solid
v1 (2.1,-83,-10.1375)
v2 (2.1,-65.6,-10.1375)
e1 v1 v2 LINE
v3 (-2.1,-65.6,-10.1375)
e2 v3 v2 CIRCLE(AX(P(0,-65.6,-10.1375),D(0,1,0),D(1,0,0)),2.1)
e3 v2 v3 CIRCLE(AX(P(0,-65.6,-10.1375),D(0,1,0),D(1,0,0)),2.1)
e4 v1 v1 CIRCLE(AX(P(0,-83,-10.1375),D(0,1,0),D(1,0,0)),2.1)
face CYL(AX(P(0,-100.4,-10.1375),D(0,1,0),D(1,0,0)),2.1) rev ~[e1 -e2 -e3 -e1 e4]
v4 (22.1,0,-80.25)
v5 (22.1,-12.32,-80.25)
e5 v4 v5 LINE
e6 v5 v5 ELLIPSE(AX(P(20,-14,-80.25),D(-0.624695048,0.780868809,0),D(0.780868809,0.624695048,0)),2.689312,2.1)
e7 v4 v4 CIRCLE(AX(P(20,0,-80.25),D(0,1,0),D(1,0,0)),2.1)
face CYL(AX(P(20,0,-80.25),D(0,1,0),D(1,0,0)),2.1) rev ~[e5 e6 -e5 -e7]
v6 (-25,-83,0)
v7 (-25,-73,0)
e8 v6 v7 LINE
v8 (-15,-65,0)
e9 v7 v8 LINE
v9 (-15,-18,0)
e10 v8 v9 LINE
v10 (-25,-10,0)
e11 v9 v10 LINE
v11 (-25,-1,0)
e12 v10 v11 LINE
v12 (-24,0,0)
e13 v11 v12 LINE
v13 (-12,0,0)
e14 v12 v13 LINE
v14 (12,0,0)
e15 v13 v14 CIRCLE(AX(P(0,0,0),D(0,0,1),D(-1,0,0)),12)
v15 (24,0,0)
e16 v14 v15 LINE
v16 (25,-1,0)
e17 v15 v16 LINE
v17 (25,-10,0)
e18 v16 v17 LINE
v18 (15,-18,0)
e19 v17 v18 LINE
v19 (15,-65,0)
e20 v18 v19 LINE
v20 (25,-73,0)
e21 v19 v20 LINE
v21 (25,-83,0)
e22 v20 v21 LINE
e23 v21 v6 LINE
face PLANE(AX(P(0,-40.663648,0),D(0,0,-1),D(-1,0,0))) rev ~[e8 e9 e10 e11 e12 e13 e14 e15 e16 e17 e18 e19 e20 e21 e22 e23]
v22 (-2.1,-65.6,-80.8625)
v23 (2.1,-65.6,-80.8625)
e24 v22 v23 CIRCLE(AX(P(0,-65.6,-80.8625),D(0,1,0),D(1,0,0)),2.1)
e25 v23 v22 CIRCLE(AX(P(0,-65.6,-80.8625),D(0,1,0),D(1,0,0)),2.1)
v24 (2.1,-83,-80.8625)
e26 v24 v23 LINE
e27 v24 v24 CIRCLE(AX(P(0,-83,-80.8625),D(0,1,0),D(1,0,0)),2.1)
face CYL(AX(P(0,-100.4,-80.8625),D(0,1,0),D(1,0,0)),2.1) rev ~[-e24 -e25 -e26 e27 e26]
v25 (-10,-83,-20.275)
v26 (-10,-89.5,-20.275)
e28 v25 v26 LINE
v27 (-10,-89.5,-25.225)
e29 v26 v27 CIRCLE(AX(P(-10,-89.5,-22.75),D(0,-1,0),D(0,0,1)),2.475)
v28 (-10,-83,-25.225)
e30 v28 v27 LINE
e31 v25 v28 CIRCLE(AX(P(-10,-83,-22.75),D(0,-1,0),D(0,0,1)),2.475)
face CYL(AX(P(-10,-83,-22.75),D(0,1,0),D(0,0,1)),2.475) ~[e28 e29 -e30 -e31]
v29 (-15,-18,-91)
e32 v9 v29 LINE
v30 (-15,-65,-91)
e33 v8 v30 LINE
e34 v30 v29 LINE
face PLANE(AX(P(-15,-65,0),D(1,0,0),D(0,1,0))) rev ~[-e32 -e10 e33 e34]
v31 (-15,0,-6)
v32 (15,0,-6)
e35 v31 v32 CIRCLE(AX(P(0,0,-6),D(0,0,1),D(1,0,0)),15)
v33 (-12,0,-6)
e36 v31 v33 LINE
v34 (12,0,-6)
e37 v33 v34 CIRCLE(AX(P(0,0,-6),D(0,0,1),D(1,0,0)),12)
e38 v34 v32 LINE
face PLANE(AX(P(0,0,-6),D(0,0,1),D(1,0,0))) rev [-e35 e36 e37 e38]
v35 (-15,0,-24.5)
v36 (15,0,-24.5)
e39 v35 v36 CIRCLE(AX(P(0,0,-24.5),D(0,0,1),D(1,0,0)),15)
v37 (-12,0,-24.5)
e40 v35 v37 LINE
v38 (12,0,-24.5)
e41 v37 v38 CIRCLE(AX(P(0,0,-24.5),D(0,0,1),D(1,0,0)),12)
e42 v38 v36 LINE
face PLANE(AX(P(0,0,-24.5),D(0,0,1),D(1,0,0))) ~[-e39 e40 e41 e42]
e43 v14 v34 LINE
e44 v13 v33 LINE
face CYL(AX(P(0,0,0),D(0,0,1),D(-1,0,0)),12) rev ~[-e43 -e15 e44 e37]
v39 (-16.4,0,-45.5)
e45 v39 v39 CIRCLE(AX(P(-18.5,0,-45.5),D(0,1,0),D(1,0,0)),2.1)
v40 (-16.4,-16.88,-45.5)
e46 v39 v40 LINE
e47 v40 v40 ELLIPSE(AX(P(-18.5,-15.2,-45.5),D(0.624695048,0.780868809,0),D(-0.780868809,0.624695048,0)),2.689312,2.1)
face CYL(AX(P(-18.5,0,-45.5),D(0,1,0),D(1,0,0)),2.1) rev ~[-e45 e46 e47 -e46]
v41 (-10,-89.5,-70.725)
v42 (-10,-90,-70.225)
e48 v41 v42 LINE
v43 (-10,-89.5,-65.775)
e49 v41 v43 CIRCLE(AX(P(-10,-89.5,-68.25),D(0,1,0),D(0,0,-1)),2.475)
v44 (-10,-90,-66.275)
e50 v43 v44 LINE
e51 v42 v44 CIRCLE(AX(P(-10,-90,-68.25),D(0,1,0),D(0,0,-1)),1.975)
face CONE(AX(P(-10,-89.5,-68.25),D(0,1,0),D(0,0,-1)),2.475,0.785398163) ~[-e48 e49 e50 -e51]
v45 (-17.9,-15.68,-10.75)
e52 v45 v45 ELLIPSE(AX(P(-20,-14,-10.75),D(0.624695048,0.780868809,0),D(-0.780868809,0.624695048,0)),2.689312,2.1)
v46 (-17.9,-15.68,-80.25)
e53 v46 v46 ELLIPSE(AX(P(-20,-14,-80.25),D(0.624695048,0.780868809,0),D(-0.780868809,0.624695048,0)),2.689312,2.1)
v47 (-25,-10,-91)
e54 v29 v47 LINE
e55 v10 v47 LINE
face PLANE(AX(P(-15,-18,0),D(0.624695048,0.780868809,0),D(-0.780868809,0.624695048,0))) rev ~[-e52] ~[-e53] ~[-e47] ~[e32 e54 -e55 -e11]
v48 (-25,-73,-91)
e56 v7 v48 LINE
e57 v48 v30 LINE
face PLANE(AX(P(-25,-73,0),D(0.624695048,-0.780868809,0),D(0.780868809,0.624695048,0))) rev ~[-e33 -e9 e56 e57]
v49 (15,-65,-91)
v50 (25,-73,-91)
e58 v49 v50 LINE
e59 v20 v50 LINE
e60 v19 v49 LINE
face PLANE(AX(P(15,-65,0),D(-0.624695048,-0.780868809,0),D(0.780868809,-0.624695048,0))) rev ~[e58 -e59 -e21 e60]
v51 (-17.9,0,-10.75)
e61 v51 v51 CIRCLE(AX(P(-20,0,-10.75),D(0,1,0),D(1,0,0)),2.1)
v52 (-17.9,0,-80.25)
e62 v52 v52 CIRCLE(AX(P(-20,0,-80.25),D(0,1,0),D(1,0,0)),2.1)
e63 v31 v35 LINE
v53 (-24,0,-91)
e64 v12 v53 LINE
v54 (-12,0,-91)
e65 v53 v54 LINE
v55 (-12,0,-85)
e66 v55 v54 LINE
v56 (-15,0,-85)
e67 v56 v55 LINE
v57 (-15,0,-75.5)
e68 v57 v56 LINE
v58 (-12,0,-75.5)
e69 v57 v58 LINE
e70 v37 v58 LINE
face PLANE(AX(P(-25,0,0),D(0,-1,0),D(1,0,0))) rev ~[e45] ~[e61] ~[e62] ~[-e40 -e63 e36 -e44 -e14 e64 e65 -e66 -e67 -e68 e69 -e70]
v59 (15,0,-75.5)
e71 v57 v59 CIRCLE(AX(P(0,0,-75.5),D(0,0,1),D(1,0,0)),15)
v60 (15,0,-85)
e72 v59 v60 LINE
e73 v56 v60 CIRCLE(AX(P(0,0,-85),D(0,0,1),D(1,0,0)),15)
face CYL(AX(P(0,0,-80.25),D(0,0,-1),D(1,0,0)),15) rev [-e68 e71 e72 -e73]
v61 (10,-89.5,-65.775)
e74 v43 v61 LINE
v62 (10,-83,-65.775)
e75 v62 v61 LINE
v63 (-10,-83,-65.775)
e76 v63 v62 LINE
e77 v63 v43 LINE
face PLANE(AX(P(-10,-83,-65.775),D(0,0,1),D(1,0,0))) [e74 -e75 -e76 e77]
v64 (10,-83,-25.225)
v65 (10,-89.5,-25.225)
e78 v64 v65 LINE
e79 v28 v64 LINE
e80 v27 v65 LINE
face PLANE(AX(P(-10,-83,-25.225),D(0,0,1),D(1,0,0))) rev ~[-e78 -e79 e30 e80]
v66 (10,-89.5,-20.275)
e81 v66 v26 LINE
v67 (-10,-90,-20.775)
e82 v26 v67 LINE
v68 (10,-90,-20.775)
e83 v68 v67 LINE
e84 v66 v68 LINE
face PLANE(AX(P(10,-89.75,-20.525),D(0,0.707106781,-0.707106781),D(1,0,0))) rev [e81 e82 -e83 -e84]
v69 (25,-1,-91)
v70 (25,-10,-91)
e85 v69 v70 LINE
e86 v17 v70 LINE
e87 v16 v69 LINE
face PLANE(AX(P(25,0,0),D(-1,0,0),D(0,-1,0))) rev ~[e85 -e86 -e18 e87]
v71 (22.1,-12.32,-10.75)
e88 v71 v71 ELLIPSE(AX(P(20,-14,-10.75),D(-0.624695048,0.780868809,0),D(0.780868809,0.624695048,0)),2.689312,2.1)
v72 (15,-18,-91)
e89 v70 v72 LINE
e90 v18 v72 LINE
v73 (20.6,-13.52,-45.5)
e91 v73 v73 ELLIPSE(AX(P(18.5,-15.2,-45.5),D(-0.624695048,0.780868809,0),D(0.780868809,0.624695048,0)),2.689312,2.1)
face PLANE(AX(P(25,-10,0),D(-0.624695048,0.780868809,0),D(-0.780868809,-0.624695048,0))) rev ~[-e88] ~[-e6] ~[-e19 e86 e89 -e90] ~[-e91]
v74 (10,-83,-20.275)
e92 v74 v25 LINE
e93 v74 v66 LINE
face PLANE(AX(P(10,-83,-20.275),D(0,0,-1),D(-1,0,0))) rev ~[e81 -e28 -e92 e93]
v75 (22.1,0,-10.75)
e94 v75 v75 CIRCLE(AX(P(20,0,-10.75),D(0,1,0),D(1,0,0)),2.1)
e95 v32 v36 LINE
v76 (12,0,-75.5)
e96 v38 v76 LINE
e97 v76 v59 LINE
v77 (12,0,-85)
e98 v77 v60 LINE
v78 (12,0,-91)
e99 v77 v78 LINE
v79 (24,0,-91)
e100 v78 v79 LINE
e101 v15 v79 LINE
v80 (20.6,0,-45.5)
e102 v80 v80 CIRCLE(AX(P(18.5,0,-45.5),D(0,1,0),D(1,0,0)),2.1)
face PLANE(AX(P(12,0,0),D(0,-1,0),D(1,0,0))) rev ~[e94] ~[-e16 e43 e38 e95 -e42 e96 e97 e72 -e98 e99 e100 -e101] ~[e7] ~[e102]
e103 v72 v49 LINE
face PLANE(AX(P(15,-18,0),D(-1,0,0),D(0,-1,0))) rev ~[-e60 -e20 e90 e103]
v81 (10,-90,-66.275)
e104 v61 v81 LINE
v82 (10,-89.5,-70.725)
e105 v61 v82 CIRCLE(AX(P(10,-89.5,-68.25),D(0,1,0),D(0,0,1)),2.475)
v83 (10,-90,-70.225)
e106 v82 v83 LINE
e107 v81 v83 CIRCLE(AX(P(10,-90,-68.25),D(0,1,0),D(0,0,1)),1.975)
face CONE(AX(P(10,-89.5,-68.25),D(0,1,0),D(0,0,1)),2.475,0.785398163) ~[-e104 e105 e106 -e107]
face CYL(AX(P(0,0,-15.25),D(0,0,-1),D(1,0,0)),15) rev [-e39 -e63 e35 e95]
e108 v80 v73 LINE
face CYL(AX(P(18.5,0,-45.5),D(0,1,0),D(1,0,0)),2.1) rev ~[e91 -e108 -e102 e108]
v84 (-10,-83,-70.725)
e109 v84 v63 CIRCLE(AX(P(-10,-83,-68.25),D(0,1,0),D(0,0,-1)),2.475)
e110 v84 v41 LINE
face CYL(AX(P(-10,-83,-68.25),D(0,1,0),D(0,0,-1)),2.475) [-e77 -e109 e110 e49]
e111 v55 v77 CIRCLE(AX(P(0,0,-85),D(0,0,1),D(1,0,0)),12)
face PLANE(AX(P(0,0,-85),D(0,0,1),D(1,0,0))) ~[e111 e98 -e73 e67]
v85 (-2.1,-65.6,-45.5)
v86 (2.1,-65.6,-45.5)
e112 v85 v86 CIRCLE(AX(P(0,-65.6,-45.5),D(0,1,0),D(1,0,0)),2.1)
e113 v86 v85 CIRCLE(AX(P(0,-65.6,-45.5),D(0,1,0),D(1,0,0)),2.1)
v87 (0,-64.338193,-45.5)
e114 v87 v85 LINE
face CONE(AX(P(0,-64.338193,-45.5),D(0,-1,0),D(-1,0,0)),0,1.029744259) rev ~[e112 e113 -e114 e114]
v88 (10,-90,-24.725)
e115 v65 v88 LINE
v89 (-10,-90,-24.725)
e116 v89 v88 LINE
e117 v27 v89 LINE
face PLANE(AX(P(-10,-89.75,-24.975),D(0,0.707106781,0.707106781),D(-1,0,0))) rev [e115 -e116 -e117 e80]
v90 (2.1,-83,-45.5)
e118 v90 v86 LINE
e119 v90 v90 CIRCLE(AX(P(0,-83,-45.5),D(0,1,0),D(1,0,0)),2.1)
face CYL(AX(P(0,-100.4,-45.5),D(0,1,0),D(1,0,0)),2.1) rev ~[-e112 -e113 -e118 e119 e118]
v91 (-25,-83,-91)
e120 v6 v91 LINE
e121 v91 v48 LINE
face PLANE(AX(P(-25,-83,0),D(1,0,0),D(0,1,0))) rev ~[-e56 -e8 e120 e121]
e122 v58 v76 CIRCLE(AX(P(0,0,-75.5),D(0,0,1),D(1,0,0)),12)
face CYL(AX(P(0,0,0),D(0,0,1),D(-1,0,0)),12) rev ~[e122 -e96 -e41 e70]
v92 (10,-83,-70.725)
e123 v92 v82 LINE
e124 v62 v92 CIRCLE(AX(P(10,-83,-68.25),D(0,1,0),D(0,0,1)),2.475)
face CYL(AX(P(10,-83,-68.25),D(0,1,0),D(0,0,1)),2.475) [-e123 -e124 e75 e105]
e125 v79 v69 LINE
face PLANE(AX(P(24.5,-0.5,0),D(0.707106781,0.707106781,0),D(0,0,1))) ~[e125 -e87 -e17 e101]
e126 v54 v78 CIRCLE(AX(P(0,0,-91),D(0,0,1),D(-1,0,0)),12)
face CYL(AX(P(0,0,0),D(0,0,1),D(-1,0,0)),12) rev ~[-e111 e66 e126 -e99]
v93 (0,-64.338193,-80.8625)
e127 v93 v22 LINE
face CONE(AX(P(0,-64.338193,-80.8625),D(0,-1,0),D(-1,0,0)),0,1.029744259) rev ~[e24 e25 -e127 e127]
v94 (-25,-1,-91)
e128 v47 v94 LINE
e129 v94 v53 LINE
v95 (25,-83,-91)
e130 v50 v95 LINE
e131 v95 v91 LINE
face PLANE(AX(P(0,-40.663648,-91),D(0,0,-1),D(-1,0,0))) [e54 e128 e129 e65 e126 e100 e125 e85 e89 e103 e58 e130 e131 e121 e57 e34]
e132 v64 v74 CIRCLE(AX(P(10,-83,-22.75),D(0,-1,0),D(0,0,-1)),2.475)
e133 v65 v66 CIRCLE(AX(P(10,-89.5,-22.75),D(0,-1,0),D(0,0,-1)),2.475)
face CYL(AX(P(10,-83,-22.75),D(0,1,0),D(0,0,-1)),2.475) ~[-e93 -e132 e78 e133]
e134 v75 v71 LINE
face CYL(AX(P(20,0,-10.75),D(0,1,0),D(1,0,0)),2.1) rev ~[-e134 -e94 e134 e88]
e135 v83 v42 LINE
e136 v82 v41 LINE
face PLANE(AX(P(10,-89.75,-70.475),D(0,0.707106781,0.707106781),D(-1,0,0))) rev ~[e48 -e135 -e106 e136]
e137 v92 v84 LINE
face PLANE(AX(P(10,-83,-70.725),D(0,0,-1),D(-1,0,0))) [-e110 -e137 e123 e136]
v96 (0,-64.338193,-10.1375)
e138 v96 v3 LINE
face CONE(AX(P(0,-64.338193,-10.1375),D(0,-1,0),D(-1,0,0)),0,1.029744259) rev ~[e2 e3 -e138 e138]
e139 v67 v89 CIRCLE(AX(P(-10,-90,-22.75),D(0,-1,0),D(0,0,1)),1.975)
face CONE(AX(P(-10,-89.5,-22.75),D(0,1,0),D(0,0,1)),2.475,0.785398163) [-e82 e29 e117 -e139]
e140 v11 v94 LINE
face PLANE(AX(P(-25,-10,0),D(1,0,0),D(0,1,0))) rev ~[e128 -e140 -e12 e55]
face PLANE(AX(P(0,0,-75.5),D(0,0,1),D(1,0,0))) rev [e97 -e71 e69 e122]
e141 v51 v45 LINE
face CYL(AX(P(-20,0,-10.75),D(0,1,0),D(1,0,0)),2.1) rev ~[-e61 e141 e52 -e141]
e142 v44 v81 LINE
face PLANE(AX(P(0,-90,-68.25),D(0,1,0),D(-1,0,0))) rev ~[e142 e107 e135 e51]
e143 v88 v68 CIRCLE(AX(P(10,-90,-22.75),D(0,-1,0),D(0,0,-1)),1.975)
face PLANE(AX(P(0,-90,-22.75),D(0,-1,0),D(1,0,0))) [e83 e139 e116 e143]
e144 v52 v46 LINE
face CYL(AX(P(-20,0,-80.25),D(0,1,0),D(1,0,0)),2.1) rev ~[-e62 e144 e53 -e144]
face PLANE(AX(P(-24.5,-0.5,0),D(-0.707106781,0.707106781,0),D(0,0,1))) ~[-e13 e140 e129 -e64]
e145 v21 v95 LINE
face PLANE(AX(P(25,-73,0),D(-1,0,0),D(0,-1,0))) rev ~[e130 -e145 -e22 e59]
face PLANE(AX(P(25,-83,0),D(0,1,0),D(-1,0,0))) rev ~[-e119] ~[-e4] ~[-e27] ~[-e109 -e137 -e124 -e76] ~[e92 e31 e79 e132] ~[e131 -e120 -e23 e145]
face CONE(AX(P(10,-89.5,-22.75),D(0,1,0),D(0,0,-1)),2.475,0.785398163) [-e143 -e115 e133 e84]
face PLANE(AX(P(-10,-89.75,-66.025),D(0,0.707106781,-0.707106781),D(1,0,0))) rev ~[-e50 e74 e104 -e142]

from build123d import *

# Parameters (mm, degrees)
BOSS_EXTRUDE1_DEPTH = 91
SKETCH8_W           = 3
SKETCH8_H           = 9.5
SKETCH8_H_2         = 18.5
M5X0_81_REACH       = 127.678
M5X0_81_BORE_R      = 2.1
BOSS_EXTRUDE2_DEPTH = 7
CHAMFER1_SIZE       = 0.5
CHAMFER_1_SIZE      = 1
M5X0_82_D           = 4.2
M5X0_82_DEPTH       = 17.4
M5X0_82_TIP         = 1.2618073


with BuildPart() as part:
    # Sketch1 → Boss-Extrude1 (new body)
    with BuildSketch(Plane.XY):
        with BuildLine():
            Line((12, 0), (25, 0))
            Line((25, 0), (25, -10))
            Line((25, -10), (15, -18))
            Line((15, -18), (15, -65))
            Line((15, -65), (25, -73))
            Line((25, -73), (25, -83))
            Line((25, -83), (-25, -83))
            Line((-25, -83), (-25, -73))
            Line((-25, -73), (-15, -65))
            Line((-15, -65), (-15, -18))
            Line((-15, -18), (-25, -10))
            Line((-25, -10), (-25, 0))
            Line((-25, 0), (-12, 0))
            ThreePointArc((-12, 0), (0, -12), (12, 0))
        make_face()
    extrude(amount=-BOSS_EXTRUDE1_DEPTH)

    # Sketch8 → Cut-Revolve2 (revolve, cut)
    with BuildSketch(Plane(origin=(0, 0, 0), x_dir=(1, 0, 0), z_dir=(0, 1, 0))):
        with Locations((13.5, 80.25)):
            Rectangle(SKETCH8_W, SKETCH8_H)
        with Locations((13.5, 15.25)):
            Rectangle(SKETCH8_W, SKETCH8_H_2)
    revolve(axis=Axis((0, 0, -91), (0, 0, 1)), mode=Mode.SUBTRACT)

    # Отверстие обработанное метчиком M5x0.81 bore → Отверстие обработанное метчиком M5x0.81 (cut, up to next)
    with BuildSketch(Plane(origin=(0, 0, 0), x_dir=(1, 0, 0), z_dir=(0, 1, 0)), mode=Mode.PRIVATE) as m5x0_81_sk1:
        with Locations((-20, 10.75)):
            Circle(M5X0_81_BORE_R)
    m5x0_81_tool1 = extrude(m5x0_81_sk1.sketch, amount=-M5X0_81_REACH, mode=Mode.PRIVATE) & part.part
    # Отверстие обработанное метчиком M5x0.81 bore → Отверстие обработанное метчиком M5x0.81 (cut, up to next)
    with BuildSketch(Plane(origin=(0, 0, 0), x_dir=(1, 0, 0), z_dir=(0, 1, 0)), mode=Mode.PRIVATE) as m5x0_81_sk2:
        with Locations((20, 10.75)):
            Circle(M5X0_81_BORE_R)
    m5x0_81_tool2 = extrude(m5x0_81_sk2.sketch, amount=-M5X0_81_REACH, mode=Mode.PRIVATE) & part.part
    # Отверстие обработанное метчиком M5x0.81 bore → Отверстие обработанное метчиком M5x0.81 (cut, up to next)
    with BuildSketch(Plane(origin=(0, 0, 0), x_dir=(1, 0, 0), z_dir=(0, 1, 0)), mode=Mode.PRIVATE) as m5x0_81_sk3:
        with Locations((-20, 80.25)):
            Circle(M5X0_81_BORE_R)
    m5x0_81_tool3 = extrude(m5x0_81_sk3.sketch, amount=-M5X0_81_REACH, mode=Mode.PRIVATE) & part.part
    # Отверстие обработанное метчиком M5x0.81 bore → Отверстие обработанное метчиком M5x0.81 (cut, up to next)
    with BuildSketch(Plane(origin=(0, 0, 0), x_dir=(1, 0, 0), z_dir=(0, 1, 0)), mode=Mode.PRIVATE) as m5x0_81_sk4:
        with Locations((20, 80.25)):
            Circle(M5X0_81_BORE_R)
    m5x0_81_tool4 = extrude(m5x0_81_sk4.sketch, amount=-M5X0_81_REACH, mode=Mode.PRIVATE) & part.part
    # Отверстие обработанное метчиком M5x0.81 bore → Отверстие обработанное метчиком M5x0.81 (cut, up to next)
    with BuildSketch(Plane(origin=(0, 0, 0), x_dir=(1, 0, 0), z_dir=(0, 1, 0)), mode=Mode.PRIVATE) as m5x0_81_sk5:
        with Locations((-18.5, 45.5)):
            Circle(M5X0_81_BORE_R)
    m5x0_81_tool5 = extrude(m5x0_81_sk5.sketch, amount=-M5X0_81_REACH, mode=Mode.PRIVATE) & part.part
    # Отверстие обработанное метчиком M5x0.81 bore → Отверстие обработанное метчиком M5x0.81 (cut, up to next)
    with BuildSketch(Plane(origin=(0, 0, 0), x_dir=(1, 0, 0), z_dir=(0, 1, 0)), mode=Mode.PRIVATE) as m5x0_81_sk6:
        with Locations((18.5, 45.5)):
            Circle(M5X0_81_BORE_R)
    m5x0_81_tool6 = extrude(m5x0_81_sk6.sketch, amount=-M5X0_81_REACH, mode=Mode.PRIVATE) & part.part
    add(m5x0_81_tool1.solids().sort_by_distance((-20, 0, -10.75))[0], mode=Mode.SUBTRACT)
    add(m5x0_81_tool2.solids().sort_by_distance((20, 0, -10.75))[0], mode=Mode.SUBTRACT)
    add(m5x0_81_tool3.solids().sort_by_distance((-20, 0, -80.25))[0], mode=Mode.SUBTRACT)
    add(m5x0_81_tool4.solids().sort_by_distance((20, 0, -80.25))[0], mode=Mode.SUBTRACT)
    add(m5x0_81_tool5.solids().sort_by_distance((-18.5, 0, -45.5))[0], mode=Mode.SUBTRACT)
    add(m5x0_81_tool6.solids().sort_by_distance((18.5, 0, -45.5))[0], mode=Mode.SUBTRACT)

    # Sketch9 → Boss-Extrude2 (add)
    with BuildSketch(Plane.XZ.offset(83)):
        with BuildLine():
            Line((-10, -25.225), (10, -25.225))
            ThreePointArc((10, -25.225), (12.475, -22.75), (10, -20.275))
            Line((10, -20.275), (-10, -20.275))
            ThreePointArc((-10, -20.275), (-12.475, -22.75), (-10, -25.225))
        make_face()
        with BuildLine():
            Line((-10, -65.775), (10, -65.775))
            ThreePointArc((10, -65.775), (12.475, -68.25), (10, -70.725))
            Line((10, -70.725), (-10, -70.725))
            ThreePointArc((-10, -70.725), (-12.475, -68.25), (-10, -65.775))
        make_face()
    extrude(amount=BOSS_EXTRUDE2_DEPTH)

    # Chamfer1
    chamfer1_edges = [part.edges().sort_by_distance(p)[0] for p in [
        (12.475, -90, -22.75),
        (0, -90, -20.275),
        (-12.475, -90, -22.75),
        (0, -90, -25.225),
        (12.475, -90, -68.25),
        (0, -90, -65.775),
        (-12.475, -90, -68.25),
        (0, -90, -70.725),
    ]]
    chamfer(chamfer1_edges, length=CHAMFER1_SIZE)

    # Фаска1
    chamfer_1_edges = [part.edges().sort_by_distance(p)[0] for p in [
        (-25, 0, -45.5),
        (25, 0, -45.5),
    ]]
    chamfer(chamfer_1_edges, length=CHAMFER_1_SIZE)

    # Отверстие обработанное метчиком M5x0.82
    with Locations(Plane(origin=(0, -83, 0), x_dir=(-1, 0, 0), z_dir=(0, -1, 0))):
        with Locations((0, 45.5), (0, 10.1375), (0, 80.8625)):
            Hole(M5X0_82_D / 2, depth=M5X0_82_DEPTH)
            with Locations((0, 0, -(M5X0_82_DEPTH + M5X0_82_TIP / 2))):  # 118° drill point
                Cone(0, M5X0_82_D / 2, M5X0_82_TIP, mode=Mode.SUBTRACT)


solid = part.part
